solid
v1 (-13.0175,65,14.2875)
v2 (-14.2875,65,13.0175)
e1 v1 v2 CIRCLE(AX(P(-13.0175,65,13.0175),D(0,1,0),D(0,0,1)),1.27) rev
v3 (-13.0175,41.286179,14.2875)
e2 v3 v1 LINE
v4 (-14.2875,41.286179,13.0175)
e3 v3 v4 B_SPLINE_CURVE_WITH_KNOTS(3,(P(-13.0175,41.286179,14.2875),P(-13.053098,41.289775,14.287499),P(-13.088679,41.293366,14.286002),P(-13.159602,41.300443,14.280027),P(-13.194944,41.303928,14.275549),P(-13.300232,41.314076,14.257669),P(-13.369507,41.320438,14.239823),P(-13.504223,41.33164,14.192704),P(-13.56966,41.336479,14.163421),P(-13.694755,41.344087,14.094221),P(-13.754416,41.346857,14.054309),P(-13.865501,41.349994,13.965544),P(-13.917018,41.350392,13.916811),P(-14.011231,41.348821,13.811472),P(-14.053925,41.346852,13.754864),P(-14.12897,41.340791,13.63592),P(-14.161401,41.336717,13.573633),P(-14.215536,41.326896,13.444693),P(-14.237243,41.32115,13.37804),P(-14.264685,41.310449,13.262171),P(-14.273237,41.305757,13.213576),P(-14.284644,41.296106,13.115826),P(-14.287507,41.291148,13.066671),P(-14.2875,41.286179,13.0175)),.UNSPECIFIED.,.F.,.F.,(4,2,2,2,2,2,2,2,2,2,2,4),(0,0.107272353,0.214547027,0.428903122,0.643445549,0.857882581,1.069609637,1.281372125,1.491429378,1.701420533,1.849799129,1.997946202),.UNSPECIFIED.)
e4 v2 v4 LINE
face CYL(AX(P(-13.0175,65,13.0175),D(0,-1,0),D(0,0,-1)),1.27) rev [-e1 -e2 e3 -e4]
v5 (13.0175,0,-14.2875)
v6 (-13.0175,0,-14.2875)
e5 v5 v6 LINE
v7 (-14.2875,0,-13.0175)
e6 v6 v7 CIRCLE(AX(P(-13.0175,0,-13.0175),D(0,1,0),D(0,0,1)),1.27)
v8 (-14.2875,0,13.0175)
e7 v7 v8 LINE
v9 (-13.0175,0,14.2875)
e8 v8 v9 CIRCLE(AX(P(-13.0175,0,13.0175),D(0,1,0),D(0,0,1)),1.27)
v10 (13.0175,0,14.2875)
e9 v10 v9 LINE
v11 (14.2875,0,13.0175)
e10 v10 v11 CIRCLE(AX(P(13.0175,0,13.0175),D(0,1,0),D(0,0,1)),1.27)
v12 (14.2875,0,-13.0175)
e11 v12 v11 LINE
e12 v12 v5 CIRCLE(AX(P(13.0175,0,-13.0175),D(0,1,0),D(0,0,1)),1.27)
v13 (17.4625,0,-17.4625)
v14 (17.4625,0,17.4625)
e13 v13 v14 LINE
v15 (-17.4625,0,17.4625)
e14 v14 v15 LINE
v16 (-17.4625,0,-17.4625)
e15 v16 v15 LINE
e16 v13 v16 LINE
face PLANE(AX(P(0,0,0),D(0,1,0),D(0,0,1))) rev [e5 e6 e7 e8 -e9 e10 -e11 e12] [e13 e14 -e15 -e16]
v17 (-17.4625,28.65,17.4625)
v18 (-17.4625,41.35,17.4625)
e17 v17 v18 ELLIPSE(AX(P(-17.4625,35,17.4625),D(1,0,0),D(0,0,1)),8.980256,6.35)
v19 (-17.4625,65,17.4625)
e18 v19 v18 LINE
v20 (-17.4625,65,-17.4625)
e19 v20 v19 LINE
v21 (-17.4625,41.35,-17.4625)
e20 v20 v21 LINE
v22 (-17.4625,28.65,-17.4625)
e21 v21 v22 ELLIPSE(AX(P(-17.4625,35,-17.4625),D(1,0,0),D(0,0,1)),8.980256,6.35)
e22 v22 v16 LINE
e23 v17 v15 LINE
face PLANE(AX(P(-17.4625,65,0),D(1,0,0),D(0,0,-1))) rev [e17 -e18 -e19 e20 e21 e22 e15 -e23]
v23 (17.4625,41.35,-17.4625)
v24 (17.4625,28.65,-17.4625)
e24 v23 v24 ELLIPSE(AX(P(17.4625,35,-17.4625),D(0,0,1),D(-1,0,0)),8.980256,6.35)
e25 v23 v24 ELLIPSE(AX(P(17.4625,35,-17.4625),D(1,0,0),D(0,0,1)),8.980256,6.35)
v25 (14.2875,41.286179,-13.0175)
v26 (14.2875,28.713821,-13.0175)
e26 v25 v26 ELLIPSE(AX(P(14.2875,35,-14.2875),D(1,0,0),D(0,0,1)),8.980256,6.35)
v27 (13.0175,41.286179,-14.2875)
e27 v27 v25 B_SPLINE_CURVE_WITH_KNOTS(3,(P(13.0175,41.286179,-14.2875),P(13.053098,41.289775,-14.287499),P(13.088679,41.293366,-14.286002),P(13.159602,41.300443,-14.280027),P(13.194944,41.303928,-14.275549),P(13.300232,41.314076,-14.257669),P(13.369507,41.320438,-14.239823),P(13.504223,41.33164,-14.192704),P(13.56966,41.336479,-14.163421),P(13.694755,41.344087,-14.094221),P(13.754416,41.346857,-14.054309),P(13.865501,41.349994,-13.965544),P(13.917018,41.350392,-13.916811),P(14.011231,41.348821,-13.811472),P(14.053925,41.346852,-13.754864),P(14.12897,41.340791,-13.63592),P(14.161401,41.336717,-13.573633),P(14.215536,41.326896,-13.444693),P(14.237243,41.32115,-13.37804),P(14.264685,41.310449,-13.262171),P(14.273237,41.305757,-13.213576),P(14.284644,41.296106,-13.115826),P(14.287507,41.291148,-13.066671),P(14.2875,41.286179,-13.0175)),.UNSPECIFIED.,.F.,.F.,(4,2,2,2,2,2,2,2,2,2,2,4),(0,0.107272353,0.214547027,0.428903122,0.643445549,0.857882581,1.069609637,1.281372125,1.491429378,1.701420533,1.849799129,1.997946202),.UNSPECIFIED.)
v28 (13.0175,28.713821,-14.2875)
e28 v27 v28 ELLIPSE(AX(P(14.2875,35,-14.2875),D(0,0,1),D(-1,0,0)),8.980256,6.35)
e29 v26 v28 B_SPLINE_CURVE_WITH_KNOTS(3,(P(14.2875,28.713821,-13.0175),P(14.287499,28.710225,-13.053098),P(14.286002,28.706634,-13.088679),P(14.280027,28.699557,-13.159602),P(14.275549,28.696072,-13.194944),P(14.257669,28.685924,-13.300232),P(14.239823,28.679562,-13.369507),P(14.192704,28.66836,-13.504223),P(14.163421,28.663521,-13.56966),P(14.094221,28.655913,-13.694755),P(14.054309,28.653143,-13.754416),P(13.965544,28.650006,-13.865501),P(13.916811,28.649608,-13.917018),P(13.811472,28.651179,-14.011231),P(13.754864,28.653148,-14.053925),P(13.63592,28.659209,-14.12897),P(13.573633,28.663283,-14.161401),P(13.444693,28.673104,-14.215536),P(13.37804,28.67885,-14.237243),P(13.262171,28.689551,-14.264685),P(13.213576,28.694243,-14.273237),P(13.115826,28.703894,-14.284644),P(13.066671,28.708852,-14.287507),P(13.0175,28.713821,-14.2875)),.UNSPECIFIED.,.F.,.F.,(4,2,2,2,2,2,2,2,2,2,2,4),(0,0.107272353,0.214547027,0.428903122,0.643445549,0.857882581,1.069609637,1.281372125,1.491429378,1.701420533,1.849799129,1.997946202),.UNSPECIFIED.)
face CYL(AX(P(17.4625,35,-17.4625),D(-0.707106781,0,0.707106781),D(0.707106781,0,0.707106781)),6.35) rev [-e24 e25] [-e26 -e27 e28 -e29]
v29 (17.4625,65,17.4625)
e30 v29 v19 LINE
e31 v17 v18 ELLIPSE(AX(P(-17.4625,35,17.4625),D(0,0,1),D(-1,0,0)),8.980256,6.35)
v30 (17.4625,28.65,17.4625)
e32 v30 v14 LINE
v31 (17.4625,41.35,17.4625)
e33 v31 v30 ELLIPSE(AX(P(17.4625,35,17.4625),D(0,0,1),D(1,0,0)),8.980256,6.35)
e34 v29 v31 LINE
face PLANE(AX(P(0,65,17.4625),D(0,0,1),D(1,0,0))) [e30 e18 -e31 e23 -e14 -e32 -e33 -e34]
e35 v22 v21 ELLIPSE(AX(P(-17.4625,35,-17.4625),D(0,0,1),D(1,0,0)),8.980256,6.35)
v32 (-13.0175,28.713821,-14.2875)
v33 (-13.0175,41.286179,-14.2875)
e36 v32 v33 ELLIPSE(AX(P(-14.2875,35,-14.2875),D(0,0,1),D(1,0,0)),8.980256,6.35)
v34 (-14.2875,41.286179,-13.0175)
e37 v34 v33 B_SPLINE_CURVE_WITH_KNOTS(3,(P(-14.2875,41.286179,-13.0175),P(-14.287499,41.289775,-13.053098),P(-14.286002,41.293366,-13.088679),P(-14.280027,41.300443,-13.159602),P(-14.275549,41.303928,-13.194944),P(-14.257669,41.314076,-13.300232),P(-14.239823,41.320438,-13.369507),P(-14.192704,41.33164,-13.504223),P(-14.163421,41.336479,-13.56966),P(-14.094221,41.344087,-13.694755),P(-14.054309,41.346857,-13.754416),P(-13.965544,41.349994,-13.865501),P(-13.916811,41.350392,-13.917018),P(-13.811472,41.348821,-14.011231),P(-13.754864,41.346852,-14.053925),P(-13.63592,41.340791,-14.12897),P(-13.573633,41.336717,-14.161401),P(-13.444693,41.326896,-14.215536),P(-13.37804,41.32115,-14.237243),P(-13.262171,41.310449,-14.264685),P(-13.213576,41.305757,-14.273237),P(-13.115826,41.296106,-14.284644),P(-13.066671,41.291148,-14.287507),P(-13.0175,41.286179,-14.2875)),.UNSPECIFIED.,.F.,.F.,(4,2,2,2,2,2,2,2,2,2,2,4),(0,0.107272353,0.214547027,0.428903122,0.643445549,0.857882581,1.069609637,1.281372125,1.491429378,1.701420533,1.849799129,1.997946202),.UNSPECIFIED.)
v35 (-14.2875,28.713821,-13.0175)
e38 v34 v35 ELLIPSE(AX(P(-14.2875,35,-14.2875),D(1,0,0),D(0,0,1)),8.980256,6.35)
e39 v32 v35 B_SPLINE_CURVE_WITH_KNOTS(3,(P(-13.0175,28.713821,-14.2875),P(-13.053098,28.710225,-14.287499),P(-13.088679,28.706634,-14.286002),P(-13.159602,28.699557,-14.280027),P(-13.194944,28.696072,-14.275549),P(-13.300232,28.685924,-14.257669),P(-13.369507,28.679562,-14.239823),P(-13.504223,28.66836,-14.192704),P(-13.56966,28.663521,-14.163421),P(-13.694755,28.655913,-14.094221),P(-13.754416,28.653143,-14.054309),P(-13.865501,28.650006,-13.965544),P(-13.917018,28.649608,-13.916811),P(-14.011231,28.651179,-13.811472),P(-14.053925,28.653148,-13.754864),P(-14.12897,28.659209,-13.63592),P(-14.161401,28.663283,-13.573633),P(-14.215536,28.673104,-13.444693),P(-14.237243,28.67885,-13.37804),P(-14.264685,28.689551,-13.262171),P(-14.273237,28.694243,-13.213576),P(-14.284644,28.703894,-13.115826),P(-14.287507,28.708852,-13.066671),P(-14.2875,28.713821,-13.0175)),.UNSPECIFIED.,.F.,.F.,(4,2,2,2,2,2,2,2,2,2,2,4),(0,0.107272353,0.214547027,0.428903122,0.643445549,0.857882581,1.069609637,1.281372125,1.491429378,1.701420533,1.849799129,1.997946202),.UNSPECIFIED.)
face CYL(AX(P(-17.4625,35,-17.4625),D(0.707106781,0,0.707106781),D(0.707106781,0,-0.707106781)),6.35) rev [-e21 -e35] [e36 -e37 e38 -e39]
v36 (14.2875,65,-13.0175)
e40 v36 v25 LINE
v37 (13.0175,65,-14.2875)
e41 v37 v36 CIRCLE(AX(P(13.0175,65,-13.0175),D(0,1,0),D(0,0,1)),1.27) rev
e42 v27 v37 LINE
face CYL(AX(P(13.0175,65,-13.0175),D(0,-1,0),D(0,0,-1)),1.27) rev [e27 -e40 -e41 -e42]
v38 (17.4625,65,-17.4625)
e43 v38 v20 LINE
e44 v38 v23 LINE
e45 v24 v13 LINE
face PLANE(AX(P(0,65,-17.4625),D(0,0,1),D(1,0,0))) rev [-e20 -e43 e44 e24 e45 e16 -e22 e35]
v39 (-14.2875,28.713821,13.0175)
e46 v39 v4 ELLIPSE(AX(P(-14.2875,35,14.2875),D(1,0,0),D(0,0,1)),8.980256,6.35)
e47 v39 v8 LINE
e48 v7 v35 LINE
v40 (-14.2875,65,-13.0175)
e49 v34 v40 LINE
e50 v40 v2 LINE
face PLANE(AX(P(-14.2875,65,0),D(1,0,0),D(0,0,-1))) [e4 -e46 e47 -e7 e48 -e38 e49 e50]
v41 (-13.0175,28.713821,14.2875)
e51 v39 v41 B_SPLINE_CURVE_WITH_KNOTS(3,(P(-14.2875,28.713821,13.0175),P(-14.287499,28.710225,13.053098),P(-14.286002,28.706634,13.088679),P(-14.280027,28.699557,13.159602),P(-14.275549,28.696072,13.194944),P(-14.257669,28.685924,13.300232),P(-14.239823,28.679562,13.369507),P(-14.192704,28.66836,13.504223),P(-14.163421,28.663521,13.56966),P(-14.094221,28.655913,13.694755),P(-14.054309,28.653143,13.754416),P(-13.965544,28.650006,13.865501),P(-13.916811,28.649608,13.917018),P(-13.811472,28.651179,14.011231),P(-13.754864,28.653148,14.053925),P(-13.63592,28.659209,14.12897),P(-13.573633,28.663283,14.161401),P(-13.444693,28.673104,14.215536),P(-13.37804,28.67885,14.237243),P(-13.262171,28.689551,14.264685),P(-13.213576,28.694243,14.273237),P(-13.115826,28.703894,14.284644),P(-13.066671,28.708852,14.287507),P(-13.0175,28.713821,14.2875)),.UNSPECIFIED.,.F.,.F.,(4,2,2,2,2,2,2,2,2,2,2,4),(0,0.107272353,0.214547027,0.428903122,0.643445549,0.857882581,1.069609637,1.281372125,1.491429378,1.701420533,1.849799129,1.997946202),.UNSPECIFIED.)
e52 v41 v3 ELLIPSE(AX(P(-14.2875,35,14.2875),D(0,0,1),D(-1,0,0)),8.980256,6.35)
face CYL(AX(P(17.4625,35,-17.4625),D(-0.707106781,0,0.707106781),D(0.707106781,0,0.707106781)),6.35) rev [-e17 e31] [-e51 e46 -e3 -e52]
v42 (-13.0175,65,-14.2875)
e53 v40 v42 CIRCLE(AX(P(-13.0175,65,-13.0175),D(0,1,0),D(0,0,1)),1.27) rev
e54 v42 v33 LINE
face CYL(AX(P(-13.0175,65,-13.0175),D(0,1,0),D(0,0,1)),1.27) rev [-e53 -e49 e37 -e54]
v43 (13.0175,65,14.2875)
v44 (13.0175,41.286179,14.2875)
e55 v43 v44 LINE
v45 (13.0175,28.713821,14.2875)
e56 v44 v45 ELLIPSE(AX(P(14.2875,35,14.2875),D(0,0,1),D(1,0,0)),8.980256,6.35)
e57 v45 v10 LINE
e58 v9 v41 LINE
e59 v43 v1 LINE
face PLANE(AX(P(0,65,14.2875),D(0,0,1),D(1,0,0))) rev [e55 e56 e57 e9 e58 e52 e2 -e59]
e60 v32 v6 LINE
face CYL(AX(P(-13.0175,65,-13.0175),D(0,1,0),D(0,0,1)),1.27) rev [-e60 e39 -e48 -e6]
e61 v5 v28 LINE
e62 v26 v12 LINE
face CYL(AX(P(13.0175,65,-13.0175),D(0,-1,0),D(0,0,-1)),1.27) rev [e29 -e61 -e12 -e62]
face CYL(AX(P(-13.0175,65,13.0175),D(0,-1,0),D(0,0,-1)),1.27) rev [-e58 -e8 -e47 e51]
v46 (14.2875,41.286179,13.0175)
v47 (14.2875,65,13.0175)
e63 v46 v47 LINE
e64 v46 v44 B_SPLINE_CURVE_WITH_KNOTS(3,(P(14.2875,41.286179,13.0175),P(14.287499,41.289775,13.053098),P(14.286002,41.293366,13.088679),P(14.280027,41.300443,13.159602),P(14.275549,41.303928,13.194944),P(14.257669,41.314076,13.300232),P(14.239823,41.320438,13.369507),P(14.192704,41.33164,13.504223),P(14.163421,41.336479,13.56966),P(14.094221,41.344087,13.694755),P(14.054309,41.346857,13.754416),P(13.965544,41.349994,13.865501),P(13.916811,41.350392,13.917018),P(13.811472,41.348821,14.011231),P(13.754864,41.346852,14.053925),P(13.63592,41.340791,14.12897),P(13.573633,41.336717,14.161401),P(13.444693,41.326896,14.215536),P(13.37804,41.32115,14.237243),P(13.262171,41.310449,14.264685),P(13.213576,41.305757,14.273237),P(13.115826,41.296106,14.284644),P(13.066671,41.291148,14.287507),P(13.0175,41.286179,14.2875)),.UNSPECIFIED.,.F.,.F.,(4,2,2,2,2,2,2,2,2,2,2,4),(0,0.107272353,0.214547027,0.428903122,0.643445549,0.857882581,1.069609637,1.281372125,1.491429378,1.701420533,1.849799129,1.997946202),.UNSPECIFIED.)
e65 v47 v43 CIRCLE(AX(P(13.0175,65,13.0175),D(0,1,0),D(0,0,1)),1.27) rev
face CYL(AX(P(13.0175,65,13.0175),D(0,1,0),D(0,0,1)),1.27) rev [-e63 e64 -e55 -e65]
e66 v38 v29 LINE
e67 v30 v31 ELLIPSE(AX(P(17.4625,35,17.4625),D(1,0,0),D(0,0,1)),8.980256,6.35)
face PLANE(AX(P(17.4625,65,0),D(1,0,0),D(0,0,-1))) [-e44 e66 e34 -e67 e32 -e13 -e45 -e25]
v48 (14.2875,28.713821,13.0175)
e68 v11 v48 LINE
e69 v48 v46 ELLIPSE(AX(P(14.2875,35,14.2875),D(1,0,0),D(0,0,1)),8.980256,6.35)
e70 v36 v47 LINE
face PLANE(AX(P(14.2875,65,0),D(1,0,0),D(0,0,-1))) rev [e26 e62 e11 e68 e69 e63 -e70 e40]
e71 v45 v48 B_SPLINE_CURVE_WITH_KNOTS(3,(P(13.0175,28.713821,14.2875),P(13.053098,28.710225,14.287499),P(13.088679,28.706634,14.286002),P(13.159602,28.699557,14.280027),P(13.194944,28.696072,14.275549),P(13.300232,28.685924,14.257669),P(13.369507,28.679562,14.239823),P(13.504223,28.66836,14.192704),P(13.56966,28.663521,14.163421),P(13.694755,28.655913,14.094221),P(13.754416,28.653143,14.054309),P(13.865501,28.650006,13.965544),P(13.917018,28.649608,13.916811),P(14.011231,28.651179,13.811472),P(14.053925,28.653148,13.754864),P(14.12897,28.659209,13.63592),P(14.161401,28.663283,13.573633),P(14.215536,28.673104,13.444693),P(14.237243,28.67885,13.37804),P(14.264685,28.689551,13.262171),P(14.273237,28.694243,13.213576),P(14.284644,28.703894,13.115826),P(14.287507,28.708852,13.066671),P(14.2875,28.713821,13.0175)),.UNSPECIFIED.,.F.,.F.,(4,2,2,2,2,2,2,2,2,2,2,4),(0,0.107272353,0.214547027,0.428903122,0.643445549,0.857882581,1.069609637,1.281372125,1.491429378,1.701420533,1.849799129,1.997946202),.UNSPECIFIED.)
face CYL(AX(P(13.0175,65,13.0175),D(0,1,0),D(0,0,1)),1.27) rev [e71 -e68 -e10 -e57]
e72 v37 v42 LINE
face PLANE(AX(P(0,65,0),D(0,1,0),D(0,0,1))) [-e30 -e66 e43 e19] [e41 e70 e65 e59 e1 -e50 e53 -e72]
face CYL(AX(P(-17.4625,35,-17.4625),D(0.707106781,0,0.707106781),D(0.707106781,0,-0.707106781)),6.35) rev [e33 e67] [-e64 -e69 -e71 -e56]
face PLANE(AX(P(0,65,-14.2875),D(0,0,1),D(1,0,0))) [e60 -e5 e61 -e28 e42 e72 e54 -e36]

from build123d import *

# Parameters (mm, degrees)
SKETCH1_W               = 34.925
SKETCH1_H               = 34.925
SKETCH1_W_2             = 28.575
SKETCH1_H_2             = 28.575
BOSS_EXTRUDE1_DEPTH     = 65
FILLET1_R               = 1.27
SKETCH2_R               = 6.35
CUT_EXTRUDE1_DEPTH      = 25.695704333
CUT_EXTRUDE1_DEPTH_BACK = 25.695704333
SKETCH3_R               = 6.35
CUT_EXTRUDE2_DEPTH      = 25.695704474
CUT_EXTRUDE2_DEPTH_BACK = 25.695704474


with BuildPart() as part:
    # Sketch1 → Boss-Extrude1 (new body)
    with BuildSketch(Plane(origin=(0, 0, 0), x_dir=(1, 0, 0), z_dir=(0, 1, 0))):
        Rectangle(SKETCH1_W, SKETCH1_H)
        Rectangle(SKETCH1_W_2, SKETCH1_H_2, mode=Mode.SUBTRACT)
    extrude(amount=BOSS_EXTRUDE1_DEPTH)

    # Fillet1
    fillet1_edges = [part.edges().sort_by_distance(p)[0] for p in [
        (-14.2875, 32.5, 14.2875),
        (14.2875, 32.5, 14.2875),
        (14.2875, 32.5, -14.2875),
        (-14.2875, 32.5, -14.2875),
    ]]
    fillet(fillet1_edges, radius=FILLET1_R)

    # Sketch2 → Cut-Extrude1 (cut, two sides)
    with BuildSketch(Plane(origin=(0, 0, 0), x_dir=(0.707106781, 0, 0.707106781), z_dir=(-0.707106781, 0, 0.707106781))) as cut_extrude1_sk:
        with Locations((0, 35)):
            Circle(SKETCH2_R)
    extrude(amount=CUT_EXTRUDE1_DEPTH, mode=Mode.SUBTRACT)
    extrude(cut_extrude1_sk.sketch, amount=-CUT_EXTRUDE1_DEPTH_BACK, mode=Mode.SUBTRACT)

    # Sketch3 → Cut-Extrude2 (cut, two sides)
    with BuildSketch(Plane(origin=(0, 0, 0), x_dir=(0.707106781, 0, -0.707106781), z_dir=(0.707106781, 0, 0.707106781))) as cut_extrude2_sk:
        with Locations((0, 35)):
            Circle(SKETCH3_R)
    extrude(amount=CUT_EXTRUDE2_DEPTH, mode=Mode.SUBTRACT)
    extrude(cut_extrude2_sk.sketch, amount=-CUT_EXTRUDE2_DEPTH_BACK, mode=Mode.SUBTRACT)


solid = part.part
